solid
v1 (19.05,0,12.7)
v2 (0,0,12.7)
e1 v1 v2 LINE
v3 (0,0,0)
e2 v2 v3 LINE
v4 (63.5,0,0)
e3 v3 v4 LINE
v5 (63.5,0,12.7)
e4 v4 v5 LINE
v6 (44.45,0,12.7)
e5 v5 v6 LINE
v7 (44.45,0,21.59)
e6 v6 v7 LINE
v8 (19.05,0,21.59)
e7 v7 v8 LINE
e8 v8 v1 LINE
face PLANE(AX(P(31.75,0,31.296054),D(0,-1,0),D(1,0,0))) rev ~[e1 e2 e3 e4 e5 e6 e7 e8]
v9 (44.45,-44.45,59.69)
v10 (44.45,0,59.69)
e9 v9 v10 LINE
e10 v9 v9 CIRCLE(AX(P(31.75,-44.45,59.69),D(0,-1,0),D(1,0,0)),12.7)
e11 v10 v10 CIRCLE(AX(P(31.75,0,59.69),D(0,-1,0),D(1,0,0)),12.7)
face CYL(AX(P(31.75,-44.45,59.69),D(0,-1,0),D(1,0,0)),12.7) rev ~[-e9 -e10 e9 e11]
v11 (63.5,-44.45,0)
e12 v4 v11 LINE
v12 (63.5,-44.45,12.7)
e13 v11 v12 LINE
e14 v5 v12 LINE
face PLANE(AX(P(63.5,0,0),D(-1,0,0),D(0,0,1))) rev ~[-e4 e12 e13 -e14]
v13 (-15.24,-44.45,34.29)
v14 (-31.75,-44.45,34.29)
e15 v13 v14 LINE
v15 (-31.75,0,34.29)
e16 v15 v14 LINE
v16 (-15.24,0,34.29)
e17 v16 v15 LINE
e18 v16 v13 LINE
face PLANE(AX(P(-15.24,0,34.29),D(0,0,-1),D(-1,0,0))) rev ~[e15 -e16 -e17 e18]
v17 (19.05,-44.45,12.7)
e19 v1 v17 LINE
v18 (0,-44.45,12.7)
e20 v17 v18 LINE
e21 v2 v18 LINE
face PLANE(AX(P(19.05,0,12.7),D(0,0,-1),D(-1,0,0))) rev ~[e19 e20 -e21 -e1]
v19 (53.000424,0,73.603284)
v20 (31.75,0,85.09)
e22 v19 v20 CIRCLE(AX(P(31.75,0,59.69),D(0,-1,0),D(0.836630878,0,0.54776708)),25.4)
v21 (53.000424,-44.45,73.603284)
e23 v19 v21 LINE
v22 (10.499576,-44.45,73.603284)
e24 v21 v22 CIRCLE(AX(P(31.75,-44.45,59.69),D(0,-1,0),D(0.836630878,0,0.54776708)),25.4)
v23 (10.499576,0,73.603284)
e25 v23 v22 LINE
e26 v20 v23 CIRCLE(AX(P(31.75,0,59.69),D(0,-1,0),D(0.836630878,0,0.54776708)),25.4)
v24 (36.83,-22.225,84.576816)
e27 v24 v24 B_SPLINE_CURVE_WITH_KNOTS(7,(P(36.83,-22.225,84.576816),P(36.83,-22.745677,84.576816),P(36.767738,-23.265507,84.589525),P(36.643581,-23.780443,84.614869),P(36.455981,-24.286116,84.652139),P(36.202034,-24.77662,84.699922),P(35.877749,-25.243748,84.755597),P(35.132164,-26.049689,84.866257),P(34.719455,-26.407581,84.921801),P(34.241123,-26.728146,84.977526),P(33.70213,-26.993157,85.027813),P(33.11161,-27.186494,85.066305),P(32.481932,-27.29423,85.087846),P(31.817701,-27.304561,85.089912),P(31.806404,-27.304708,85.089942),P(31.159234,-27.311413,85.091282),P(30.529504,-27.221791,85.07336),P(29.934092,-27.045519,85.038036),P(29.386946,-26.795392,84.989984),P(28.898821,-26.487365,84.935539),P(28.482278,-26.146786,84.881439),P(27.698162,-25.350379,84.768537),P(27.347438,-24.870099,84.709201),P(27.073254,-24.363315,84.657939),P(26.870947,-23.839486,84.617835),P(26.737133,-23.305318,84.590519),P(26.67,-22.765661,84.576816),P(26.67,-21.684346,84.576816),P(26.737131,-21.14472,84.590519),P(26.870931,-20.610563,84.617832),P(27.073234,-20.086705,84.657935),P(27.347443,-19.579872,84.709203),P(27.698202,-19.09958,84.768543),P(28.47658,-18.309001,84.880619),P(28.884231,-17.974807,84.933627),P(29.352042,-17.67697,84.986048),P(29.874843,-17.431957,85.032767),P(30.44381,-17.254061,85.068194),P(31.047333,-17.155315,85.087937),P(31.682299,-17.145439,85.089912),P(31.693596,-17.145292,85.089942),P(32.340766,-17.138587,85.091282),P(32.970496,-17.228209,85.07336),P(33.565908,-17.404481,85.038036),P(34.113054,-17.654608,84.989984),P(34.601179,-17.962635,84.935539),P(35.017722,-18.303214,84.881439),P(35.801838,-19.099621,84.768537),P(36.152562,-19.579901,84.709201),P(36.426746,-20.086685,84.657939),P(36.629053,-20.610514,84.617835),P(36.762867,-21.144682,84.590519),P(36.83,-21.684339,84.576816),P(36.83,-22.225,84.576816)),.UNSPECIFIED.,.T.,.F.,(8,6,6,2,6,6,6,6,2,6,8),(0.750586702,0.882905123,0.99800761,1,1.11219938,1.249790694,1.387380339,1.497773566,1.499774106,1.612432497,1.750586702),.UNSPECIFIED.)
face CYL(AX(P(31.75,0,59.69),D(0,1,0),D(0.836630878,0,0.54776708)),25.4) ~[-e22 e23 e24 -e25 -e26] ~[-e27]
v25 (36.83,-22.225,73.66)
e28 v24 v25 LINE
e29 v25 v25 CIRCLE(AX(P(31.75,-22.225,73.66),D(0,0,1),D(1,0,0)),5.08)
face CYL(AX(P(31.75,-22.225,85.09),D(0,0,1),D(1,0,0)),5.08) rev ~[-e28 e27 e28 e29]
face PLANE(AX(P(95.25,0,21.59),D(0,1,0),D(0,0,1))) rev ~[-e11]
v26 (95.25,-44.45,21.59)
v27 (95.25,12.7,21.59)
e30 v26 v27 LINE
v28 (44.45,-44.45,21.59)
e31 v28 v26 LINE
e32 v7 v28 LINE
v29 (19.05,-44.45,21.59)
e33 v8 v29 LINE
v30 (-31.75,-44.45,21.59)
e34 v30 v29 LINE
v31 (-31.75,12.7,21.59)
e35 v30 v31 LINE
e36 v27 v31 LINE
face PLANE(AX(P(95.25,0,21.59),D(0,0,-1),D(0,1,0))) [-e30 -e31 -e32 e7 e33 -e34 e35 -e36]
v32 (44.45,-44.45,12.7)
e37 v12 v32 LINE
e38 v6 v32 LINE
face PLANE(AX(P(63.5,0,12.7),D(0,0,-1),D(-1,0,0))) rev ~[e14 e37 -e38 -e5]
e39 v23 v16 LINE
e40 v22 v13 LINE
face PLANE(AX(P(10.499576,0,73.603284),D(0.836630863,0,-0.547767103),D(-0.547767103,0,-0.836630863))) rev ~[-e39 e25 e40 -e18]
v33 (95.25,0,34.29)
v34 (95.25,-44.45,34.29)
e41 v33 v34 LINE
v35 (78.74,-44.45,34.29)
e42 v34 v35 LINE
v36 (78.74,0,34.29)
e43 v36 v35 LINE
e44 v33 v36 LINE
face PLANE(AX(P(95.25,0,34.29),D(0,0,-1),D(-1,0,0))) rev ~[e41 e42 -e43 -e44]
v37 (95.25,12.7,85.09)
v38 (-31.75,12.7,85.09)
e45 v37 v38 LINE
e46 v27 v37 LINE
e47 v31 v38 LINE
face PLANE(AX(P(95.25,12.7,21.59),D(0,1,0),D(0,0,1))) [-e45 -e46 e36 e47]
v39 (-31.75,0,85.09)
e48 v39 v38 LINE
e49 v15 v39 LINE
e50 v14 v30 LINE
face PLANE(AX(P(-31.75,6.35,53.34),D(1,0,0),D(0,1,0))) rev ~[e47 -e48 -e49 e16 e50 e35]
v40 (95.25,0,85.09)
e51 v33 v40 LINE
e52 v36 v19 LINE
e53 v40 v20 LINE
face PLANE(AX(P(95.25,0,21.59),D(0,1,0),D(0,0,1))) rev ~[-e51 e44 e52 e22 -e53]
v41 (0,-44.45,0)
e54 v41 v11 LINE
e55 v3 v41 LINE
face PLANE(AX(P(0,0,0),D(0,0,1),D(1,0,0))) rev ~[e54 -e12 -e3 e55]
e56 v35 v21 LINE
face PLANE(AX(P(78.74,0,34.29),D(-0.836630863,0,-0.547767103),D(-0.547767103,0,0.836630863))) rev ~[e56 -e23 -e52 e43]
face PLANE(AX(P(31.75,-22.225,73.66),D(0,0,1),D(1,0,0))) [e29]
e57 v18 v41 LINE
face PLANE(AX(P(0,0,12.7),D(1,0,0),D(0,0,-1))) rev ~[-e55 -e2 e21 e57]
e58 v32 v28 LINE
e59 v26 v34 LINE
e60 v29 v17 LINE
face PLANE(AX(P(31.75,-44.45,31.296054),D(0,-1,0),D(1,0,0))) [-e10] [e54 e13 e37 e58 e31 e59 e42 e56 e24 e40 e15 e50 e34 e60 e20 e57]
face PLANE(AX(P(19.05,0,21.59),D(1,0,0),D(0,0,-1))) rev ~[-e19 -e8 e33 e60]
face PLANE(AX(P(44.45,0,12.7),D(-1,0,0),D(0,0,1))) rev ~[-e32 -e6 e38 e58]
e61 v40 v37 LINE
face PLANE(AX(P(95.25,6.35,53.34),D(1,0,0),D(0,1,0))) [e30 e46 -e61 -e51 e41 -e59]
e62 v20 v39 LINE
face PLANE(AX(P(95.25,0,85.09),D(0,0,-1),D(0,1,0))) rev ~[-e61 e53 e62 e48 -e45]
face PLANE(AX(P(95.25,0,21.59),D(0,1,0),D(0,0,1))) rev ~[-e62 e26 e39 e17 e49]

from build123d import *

# Parameters (mm, degrees)
F1_DEPTH = 44.45
F2_R     = 12.7
F3_DEPTH = 45.72
F4_W     = 12.7
F4_H     = 63.5
F5_DEPTH = 127
F6_R     = 5.08
F7_DEPTH = 11.43


with BuildPart() as f1:
    # F0 (on Front) → F1 (new body)
    with BuildSketch(Plane.XZ):
        with BuildLine():
            Line((0, 12.7), (0, 0))
            Line((0, 0), (63.5, 0))
            Line((63.5, 0), (63.5, 12.7))
            Line((63.5, 12.7), (44.45, 12.7))
            Line((44.45, 12.7), (44.45, 21.59))
            Line((44.45, 21.59), (95.25, 21.59))
            Line((95.25, 21.59), (95.25, 34.29))
            Line((95.25, 34.29), (78.74, 34.29))
            Line((78.74, 34.29), (53.000424, 73.603284))
            ThreePointArc((53.000424, 73.603284), (31.75, 85.09), (10.499576, 73.603284))
            Line((10.499576, 73.603284), (-15.24, 34.29))
            Line((-15.24, 34.29), (-31.75, 34.29))
            Line((-31.75, 34.29), (-31.75, 21.59))
            Line((-31.75, 21.59), (19.05, 21.59))
            Line((19.05, 21.59), (19.05, 12.7))
            Line((19.05, 12.7), (0, 12.7))
        make_face()
    extrude(amount=F1_DEPTH)

    # F2 (on face) → F3 (cut)
    with BuildSketch(Plane.XZ.offset(44.45)):
        with Locations((31.75, 59.69)):
            Circle(F2_R)
    extrude(amount=-F3_DEPTH, mode=Mode.SUBTRACT)

    # F4 (on face) → F5 (join)
    with BuildSketch(Plane.YZ.offset(95.25)):
        with Locations((6.35, 53.34)):
            Rectangle(F4_W, F4_H)
    extrude(amount=-F5_DEPTH)

    # F6 (on face) → F7 (cut)
    with BuildSketch(Plane.XY.offset(85.09)):
        with Locations((31.75, -22.225)):
            Circle(F6_R)
    extrude(amount=-F7_DEPTH, mode=Mode.SUBTRACT)


solid = f1.part
